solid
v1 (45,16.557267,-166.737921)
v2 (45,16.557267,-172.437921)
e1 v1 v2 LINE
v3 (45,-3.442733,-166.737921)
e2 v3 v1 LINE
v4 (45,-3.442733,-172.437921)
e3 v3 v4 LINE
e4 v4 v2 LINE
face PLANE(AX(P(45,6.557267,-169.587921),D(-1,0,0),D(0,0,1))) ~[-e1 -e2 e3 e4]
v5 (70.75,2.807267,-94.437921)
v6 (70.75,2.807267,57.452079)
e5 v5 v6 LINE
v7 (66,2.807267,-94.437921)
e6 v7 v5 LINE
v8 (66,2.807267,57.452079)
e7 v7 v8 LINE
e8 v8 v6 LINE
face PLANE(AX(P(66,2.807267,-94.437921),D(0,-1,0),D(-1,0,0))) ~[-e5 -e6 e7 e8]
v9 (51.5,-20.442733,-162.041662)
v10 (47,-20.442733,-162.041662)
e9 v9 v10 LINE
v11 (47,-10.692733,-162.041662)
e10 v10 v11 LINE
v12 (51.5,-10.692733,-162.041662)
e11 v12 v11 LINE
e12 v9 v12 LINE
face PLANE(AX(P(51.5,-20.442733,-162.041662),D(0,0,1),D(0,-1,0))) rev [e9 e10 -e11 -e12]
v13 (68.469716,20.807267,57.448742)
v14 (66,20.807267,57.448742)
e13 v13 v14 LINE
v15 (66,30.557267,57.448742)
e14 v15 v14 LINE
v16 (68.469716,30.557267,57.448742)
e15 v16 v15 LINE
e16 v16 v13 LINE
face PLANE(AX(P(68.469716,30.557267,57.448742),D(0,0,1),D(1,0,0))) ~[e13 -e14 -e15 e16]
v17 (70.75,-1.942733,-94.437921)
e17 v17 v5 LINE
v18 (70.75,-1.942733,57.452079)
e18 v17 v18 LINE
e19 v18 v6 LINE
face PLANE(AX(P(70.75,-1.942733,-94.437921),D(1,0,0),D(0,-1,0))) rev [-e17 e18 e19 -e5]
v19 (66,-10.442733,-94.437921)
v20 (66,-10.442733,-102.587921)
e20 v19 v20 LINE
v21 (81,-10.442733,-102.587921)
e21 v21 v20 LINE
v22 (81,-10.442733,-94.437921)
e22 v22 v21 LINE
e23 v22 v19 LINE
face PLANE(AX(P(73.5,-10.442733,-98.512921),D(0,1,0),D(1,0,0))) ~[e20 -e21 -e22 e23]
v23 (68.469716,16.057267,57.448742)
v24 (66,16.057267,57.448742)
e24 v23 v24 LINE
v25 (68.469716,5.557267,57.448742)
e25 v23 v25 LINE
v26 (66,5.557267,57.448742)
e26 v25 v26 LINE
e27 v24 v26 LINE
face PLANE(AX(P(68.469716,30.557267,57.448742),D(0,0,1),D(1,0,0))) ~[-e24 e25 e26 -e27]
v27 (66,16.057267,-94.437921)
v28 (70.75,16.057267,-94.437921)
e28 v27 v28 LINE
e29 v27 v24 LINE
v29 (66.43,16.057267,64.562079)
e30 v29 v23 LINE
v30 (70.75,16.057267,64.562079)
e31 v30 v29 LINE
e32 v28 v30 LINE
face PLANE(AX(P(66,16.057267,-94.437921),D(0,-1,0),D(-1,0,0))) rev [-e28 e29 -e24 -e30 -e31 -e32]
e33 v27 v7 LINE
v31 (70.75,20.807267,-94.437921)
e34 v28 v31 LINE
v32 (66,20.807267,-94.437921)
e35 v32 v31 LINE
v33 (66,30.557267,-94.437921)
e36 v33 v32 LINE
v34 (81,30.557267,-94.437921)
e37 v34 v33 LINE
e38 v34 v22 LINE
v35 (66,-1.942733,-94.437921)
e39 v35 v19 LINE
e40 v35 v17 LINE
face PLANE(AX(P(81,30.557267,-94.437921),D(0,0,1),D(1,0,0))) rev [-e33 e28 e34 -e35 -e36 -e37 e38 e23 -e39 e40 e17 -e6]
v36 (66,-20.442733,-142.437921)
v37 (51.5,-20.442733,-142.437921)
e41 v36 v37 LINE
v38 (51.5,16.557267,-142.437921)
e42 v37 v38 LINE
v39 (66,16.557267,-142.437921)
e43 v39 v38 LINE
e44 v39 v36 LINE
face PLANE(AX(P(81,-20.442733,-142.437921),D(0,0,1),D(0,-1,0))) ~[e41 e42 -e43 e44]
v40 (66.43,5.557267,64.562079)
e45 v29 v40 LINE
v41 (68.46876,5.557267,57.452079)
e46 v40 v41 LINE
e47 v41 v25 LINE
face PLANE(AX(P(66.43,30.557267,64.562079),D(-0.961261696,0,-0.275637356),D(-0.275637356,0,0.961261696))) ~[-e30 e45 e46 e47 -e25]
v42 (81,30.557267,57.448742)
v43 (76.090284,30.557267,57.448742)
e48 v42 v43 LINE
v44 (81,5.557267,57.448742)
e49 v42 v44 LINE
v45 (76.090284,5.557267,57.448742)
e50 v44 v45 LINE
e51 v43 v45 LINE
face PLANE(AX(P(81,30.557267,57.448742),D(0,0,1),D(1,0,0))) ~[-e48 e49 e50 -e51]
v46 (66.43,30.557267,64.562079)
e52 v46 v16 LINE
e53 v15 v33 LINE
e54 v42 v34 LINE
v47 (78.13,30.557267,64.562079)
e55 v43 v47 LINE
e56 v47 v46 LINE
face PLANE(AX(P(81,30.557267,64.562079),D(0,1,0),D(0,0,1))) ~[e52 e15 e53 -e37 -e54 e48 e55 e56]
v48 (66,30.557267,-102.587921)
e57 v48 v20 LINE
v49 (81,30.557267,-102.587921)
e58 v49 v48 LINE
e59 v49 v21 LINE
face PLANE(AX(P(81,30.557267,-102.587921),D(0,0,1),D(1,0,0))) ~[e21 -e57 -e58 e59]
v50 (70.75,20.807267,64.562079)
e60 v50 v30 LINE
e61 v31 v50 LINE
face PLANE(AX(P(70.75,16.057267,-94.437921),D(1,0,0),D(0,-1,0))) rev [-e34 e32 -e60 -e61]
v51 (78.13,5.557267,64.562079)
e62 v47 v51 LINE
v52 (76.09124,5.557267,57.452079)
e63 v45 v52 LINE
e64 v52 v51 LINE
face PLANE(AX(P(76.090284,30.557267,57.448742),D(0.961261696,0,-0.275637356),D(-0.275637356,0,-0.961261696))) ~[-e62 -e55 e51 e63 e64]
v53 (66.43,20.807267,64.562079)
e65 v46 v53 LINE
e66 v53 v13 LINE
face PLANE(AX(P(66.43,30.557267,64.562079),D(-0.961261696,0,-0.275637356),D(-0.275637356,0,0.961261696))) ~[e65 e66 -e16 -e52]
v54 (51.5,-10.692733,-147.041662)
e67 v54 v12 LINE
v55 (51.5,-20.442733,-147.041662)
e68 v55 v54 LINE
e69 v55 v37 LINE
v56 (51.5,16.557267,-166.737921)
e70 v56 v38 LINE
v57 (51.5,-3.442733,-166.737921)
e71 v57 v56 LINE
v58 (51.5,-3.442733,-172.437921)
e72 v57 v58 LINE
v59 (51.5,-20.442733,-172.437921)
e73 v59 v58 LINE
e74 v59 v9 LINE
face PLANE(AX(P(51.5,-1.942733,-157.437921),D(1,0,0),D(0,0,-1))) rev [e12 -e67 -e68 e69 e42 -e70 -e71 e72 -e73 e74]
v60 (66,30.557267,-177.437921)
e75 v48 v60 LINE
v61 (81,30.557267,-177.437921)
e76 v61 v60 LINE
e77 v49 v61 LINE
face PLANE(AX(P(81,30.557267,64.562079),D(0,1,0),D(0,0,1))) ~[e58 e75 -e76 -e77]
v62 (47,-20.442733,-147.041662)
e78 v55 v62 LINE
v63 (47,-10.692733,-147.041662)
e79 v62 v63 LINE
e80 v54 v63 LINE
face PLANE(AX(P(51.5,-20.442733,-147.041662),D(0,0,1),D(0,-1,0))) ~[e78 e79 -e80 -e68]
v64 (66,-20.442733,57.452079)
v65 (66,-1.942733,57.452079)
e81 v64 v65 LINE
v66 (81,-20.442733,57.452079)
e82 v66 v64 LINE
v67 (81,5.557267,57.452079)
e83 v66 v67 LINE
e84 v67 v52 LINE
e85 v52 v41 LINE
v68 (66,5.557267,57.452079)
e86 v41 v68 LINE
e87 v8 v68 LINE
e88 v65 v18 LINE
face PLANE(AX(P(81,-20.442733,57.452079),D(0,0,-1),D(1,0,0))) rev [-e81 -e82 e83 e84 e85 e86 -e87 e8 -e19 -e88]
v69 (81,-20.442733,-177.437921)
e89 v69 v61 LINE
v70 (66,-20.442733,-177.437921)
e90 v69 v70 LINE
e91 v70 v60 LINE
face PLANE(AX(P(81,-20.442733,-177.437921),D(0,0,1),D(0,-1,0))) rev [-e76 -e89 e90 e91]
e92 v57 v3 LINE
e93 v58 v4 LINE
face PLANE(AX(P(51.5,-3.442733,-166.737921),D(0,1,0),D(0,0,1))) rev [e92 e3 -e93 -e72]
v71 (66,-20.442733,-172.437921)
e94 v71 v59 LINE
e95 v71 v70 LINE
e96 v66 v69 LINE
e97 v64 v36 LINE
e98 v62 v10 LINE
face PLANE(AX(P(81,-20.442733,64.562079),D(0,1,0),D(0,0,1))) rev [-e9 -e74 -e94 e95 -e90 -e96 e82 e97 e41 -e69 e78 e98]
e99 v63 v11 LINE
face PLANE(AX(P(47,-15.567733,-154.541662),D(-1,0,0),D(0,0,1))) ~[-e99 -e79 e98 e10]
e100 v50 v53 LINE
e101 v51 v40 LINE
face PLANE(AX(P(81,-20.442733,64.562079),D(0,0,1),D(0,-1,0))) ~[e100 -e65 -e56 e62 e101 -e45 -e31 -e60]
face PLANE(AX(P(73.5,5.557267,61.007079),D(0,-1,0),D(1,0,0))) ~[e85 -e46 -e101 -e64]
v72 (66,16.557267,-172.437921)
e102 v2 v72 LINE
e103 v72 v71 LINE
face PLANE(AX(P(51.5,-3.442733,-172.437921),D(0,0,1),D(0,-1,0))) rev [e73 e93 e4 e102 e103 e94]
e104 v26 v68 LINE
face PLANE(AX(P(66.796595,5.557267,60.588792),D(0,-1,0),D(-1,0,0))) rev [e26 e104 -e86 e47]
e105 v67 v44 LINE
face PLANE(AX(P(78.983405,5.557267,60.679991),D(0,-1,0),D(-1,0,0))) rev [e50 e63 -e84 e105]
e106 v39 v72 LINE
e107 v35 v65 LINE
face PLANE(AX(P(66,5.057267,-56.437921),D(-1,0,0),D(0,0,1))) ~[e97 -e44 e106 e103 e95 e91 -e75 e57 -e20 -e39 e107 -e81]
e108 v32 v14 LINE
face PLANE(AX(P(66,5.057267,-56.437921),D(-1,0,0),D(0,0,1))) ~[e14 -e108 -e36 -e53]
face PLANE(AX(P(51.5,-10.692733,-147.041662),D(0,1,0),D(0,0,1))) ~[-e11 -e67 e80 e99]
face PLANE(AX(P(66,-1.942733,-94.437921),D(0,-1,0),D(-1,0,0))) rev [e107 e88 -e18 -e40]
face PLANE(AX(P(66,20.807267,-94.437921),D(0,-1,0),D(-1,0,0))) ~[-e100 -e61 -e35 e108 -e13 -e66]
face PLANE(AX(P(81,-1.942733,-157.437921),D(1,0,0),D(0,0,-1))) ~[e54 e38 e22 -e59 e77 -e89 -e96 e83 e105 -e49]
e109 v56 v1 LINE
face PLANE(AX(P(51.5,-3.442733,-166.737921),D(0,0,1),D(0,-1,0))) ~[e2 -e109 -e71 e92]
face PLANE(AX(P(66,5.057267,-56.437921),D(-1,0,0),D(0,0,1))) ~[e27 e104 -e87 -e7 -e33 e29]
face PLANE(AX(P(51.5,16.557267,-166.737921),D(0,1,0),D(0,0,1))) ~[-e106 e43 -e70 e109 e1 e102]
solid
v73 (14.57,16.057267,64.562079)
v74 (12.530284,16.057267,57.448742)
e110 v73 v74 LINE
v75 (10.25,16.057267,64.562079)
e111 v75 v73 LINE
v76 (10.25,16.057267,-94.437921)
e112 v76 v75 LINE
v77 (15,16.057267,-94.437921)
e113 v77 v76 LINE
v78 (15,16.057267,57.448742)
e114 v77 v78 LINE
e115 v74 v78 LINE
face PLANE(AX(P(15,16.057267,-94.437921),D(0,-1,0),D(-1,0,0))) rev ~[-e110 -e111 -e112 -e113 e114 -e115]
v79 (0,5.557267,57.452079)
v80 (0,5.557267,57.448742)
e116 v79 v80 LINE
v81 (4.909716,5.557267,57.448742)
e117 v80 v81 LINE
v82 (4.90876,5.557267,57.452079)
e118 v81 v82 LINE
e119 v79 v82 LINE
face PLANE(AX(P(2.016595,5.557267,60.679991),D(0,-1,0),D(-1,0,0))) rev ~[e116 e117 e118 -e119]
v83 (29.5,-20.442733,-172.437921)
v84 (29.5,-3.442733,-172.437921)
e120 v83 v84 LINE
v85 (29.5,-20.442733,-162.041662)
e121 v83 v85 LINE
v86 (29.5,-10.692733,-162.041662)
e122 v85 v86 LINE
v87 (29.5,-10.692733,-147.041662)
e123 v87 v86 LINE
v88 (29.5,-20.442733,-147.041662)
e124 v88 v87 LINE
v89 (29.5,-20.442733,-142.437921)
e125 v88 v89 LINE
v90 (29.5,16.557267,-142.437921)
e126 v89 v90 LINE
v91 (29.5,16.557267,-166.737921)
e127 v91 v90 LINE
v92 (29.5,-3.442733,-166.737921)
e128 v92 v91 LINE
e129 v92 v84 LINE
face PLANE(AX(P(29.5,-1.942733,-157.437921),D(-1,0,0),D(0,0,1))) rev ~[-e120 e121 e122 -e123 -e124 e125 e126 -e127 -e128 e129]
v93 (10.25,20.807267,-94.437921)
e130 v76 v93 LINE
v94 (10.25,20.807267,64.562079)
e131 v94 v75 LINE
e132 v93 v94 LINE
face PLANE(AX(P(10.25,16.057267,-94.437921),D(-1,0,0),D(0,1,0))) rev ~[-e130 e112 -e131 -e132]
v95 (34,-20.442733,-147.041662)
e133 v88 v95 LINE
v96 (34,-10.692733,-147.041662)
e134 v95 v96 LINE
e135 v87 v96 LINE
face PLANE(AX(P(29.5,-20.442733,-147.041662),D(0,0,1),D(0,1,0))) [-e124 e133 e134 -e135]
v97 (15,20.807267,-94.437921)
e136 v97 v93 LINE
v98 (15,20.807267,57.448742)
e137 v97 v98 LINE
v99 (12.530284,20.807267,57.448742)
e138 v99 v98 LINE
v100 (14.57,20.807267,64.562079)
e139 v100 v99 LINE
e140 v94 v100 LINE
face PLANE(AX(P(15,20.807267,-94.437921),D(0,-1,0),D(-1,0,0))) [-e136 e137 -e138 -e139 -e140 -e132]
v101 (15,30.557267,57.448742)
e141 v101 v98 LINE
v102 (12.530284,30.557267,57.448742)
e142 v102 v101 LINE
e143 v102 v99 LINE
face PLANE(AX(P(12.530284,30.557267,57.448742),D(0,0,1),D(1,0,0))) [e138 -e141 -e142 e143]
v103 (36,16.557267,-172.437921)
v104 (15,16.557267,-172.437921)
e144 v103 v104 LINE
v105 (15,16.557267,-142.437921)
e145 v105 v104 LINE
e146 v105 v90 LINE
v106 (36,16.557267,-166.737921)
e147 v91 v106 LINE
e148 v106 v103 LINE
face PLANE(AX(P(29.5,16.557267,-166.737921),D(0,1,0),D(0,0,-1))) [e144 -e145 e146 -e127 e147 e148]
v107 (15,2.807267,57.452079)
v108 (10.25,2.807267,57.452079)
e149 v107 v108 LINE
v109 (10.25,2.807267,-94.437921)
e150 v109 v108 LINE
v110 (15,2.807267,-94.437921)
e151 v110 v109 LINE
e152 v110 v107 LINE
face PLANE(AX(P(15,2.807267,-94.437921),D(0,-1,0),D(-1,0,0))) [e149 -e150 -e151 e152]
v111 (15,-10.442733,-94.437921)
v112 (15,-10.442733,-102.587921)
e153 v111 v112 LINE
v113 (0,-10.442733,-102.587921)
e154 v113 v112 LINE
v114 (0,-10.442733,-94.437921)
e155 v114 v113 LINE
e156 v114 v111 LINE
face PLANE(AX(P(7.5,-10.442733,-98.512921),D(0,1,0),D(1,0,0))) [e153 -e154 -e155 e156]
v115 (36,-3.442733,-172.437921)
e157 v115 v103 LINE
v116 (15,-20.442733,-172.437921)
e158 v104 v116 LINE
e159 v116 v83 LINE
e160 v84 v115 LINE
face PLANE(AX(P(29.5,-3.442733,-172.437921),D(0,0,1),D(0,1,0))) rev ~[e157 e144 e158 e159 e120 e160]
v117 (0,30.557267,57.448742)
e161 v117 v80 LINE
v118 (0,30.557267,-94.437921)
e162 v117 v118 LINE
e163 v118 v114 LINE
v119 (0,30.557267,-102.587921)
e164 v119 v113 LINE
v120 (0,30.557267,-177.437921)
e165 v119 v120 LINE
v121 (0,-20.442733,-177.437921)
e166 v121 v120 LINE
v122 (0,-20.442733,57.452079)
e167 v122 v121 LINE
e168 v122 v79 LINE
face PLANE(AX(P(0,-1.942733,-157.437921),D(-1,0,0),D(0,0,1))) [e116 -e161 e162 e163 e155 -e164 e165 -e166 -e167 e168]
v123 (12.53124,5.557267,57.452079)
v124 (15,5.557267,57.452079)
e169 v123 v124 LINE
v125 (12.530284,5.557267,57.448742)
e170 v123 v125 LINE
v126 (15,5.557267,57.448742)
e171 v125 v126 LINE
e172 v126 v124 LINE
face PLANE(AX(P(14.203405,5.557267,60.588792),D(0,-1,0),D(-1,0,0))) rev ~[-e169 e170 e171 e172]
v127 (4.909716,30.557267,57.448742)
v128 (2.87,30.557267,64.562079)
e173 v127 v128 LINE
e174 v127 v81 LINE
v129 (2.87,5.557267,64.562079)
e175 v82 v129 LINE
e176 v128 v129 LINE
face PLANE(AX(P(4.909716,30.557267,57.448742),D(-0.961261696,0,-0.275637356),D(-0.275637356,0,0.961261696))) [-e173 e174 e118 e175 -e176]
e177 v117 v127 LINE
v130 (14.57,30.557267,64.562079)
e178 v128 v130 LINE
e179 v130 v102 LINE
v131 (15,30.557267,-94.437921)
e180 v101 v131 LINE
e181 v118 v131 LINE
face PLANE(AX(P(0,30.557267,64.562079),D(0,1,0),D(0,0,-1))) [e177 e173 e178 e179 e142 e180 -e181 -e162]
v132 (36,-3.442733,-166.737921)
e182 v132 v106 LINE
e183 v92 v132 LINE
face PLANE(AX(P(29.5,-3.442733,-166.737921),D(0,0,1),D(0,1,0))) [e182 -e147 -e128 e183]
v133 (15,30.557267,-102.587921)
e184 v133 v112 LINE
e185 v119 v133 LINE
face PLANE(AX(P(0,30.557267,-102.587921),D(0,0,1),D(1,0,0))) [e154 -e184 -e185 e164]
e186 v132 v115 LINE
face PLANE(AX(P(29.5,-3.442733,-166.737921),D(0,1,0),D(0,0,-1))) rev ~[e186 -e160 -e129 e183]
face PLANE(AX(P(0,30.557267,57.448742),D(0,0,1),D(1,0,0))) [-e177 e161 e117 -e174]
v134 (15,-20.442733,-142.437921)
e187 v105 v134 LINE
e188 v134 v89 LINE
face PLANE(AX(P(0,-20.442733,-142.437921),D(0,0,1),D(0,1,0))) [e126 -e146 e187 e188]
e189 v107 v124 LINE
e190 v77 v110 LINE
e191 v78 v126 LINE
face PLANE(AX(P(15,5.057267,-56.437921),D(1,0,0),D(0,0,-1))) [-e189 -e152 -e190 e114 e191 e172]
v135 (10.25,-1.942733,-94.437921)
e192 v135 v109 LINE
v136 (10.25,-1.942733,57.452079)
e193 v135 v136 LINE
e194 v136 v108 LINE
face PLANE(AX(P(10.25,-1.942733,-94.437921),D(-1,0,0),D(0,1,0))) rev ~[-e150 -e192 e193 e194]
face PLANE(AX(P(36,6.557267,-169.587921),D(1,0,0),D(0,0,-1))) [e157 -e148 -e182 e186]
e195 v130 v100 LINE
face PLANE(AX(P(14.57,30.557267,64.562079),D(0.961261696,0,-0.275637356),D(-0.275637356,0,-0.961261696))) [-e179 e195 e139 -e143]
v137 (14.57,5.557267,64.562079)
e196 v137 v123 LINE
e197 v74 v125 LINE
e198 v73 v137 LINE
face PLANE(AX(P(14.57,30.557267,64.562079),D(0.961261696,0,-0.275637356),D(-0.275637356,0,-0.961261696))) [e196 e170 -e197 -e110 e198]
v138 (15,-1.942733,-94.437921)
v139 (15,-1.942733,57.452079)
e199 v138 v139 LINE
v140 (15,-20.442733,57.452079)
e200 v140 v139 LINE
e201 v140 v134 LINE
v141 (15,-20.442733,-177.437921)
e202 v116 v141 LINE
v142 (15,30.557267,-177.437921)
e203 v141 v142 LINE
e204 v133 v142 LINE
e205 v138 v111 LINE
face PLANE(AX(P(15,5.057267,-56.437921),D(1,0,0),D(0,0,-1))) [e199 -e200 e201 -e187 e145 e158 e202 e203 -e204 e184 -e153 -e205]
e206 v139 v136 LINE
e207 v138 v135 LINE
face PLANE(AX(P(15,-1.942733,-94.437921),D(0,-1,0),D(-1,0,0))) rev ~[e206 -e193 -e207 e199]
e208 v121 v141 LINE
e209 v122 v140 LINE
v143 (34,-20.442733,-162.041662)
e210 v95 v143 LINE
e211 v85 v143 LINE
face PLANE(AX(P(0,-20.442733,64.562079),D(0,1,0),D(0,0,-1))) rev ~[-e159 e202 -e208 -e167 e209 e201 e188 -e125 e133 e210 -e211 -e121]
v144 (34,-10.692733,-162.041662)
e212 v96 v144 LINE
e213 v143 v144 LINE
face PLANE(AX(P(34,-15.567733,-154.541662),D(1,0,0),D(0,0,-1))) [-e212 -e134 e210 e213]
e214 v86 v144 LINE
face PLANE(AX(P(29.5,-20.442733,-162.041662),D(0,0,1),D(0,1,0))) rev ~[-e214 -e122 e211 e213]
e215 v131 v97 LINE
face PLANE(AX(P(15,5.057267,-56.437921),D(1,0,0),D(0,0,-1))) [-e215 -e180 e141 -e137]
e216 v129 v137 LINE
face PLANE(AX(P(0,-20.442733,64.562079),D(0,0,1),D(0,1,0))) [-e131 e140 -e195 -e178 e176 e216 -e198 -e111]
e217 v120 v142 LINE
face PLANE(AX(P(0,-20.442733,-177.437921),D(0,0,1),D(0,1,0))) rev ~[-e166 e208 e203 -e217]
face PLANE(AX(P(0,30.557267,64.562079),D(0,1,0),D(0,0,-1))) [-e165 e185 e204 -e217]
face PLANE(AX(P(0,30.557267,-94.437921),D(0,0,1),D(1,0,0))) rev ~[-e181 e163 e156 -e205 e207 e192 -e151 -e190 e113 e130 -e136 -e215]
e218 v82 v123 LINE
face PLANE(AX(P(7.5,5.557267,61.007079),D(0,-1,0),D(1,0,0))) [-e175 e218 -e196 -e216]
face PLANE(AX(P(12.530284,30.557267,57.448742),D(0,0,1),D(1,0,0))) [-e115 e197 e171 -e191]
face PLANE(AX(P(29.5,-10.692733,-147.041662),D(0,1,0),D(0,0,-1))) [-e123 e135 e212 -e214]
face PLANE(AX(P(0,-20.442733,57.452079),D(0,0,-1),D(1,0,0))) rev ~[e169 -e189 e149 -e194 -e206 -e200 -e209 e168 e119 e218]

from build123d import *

# Parameters (mm, degrees)
SKETCH1_W           = 242
SKETCH1_H           = 51
BOSS_EXTRUDE1_DEPTH = 15
SKETCH26_W          = 30
SKETCH26_H          = 37
BOSS_EXTRUDE3_DEPTH = 29.5
SKETCH28_W          = 15
SKETCH28_H          = 9.75
BOSS_EXTRUDE5_DEPTH = 4.5
SKETCH29_W          = 5.7
SKETCH29_H          = 20
BOSS_EXTRUDE6_DEPTH = 6.5
CUT_EXTRUDE8_DEPTH  = 25
SKETCH13_W          = 15
SKETCH13_H          = 7.11
CUT_EXTRUDE9_DEPTH  = 26
SKETCH17_W          = 15
SKETCH17_H          = 8.15
CUT_EXTRUDE10_DEPTH = 41
SKETCH7_W           = 4.75
SKETCH7_H           = 4.75
CUT_EXTRUDE5_DEPTH  = 165


with BuildPart() as part:
    # Sketch1 → Boss-Extrude1 (new body)
    with BuildSketch(Plane(origin=(0, 0, 0), x_dir=(0, 0, -1), z_dir=(1, 0, 0))):
        with Locations((56.437921078, 5.057266603)):
            Rectangle(SKETCH1_W, SKETCH1_H)
    extrude(amount=BOSS_EXTRUDE1_DEPTH)

    # Sketch26 → Boss-Extrude3 (add)
    with BuildSketch(Plane.ZY):
        with Locations((-157.437921078, -1.942733397)):
            Rectangle(SKETCH26_W, SKETCH26_H)
    extrude(amount=-BOSS_EXTRUDE3_DEPTH)

    # Sketch28 → Boss-Extrude5 (add)
    with BuildSketch(Plane(origin=(29.5, 0, 0), x_dir=(0, 0, -1), z_dir=(1, 0, 0))):
        with Locations((154.541661602, -15.567733397)):
            Rectangle(SKETCH28_W, SKETCH28_H)
    extrude(amount=BOSS_EXTRUDE5_DEPTH)

    # Sketch29 → Boss-Extrude6 (add)
    with BuildSketch(Plane(origin=(29.5, 0, 0), x_dir=(0, 0, -1), z_dir=(1, 0, 0))):
        with Locations((169.587921078, 6.557266603)):
            Rectangle(SKETCH29_W, SKETCH29_H)
    extrude(amount=BOSS_EXTRUDE6_DEPTH)

    # Sketch12 → Cut-Extrude8 (cut)
    with BuildSketch(Plane(origin=(0, 30.557266603, 0), x_dir=(1, 0, 0), z_dir=(0, 1, 0))):
        Polygon((0, -57.448742372), (4.909716433, -57.448742372), (2.87, -64.562078922), (0, -64.562078922), align=None)
        Polygon((15, -57.448742372), (15, -64.562078922), (14.57, -64.562078922), (12.530283567, -57.448742372), align=None)
    extrude(amount=-CUT_EXTRUDE8_DEPTH, mode=Mode.SUBTRACT)

    # Sketch13 → Cut-Extrude9 (cut)
    with BuildSketch(Plane.XZ.offset(20.442733397)):
        with Locations((7.5, 61.007078922)):
            Rectangle(SKETCH13_W, SKETCH13_H)
    extrude(amount=-CUT_EXTRUDE9_DEPTH, mode=Mode.SUBTRACT)

    # Sketch17 → Cut-Extrude10 (cut)
    with BuildSketch(Plane(origin=(0, 30.557266603, 0), x_dir=(1, 0, 0), z_dir=(0, 1, 0))):
        with Locations((7.5, 98.512921078)):
            Rectangle(SKETCH17_W, SKETCH17_H)
    extrude(amount=-CUT_EXTRUDE10_DEPTH, mode=Mode.SUBTRACT)

    # Sketch7 → Cut-Extrude5 (cut)
    with BuildSketch(Plane(origin=(0, 0, -94.437921078), x_dir=(-1, 0, 0), z_dir=(0, 0, -1))):
        with Locations((-12.625, 0.432266603)):
            Rectangle(SKETCH7_W, SKETCH7_H)
        with Locations((-12.625, 18.432266603)):
            Rectangle(SKETCH7_W, SKETCH7_H)
    extrude(amount=-CUT_EXTRUDE5_DEPTH, mode=Mode.SUBTRACT)


with BuildPart() as body_2:
    # Mirror4: mirrored copy
    add(part.part.mirror(Plane(origin=(40.5, 0, 0), x_dir=(0, 0, 1), z_dir=(1, 0, 0))))


solid = Compound([part.part, body_2.part])
